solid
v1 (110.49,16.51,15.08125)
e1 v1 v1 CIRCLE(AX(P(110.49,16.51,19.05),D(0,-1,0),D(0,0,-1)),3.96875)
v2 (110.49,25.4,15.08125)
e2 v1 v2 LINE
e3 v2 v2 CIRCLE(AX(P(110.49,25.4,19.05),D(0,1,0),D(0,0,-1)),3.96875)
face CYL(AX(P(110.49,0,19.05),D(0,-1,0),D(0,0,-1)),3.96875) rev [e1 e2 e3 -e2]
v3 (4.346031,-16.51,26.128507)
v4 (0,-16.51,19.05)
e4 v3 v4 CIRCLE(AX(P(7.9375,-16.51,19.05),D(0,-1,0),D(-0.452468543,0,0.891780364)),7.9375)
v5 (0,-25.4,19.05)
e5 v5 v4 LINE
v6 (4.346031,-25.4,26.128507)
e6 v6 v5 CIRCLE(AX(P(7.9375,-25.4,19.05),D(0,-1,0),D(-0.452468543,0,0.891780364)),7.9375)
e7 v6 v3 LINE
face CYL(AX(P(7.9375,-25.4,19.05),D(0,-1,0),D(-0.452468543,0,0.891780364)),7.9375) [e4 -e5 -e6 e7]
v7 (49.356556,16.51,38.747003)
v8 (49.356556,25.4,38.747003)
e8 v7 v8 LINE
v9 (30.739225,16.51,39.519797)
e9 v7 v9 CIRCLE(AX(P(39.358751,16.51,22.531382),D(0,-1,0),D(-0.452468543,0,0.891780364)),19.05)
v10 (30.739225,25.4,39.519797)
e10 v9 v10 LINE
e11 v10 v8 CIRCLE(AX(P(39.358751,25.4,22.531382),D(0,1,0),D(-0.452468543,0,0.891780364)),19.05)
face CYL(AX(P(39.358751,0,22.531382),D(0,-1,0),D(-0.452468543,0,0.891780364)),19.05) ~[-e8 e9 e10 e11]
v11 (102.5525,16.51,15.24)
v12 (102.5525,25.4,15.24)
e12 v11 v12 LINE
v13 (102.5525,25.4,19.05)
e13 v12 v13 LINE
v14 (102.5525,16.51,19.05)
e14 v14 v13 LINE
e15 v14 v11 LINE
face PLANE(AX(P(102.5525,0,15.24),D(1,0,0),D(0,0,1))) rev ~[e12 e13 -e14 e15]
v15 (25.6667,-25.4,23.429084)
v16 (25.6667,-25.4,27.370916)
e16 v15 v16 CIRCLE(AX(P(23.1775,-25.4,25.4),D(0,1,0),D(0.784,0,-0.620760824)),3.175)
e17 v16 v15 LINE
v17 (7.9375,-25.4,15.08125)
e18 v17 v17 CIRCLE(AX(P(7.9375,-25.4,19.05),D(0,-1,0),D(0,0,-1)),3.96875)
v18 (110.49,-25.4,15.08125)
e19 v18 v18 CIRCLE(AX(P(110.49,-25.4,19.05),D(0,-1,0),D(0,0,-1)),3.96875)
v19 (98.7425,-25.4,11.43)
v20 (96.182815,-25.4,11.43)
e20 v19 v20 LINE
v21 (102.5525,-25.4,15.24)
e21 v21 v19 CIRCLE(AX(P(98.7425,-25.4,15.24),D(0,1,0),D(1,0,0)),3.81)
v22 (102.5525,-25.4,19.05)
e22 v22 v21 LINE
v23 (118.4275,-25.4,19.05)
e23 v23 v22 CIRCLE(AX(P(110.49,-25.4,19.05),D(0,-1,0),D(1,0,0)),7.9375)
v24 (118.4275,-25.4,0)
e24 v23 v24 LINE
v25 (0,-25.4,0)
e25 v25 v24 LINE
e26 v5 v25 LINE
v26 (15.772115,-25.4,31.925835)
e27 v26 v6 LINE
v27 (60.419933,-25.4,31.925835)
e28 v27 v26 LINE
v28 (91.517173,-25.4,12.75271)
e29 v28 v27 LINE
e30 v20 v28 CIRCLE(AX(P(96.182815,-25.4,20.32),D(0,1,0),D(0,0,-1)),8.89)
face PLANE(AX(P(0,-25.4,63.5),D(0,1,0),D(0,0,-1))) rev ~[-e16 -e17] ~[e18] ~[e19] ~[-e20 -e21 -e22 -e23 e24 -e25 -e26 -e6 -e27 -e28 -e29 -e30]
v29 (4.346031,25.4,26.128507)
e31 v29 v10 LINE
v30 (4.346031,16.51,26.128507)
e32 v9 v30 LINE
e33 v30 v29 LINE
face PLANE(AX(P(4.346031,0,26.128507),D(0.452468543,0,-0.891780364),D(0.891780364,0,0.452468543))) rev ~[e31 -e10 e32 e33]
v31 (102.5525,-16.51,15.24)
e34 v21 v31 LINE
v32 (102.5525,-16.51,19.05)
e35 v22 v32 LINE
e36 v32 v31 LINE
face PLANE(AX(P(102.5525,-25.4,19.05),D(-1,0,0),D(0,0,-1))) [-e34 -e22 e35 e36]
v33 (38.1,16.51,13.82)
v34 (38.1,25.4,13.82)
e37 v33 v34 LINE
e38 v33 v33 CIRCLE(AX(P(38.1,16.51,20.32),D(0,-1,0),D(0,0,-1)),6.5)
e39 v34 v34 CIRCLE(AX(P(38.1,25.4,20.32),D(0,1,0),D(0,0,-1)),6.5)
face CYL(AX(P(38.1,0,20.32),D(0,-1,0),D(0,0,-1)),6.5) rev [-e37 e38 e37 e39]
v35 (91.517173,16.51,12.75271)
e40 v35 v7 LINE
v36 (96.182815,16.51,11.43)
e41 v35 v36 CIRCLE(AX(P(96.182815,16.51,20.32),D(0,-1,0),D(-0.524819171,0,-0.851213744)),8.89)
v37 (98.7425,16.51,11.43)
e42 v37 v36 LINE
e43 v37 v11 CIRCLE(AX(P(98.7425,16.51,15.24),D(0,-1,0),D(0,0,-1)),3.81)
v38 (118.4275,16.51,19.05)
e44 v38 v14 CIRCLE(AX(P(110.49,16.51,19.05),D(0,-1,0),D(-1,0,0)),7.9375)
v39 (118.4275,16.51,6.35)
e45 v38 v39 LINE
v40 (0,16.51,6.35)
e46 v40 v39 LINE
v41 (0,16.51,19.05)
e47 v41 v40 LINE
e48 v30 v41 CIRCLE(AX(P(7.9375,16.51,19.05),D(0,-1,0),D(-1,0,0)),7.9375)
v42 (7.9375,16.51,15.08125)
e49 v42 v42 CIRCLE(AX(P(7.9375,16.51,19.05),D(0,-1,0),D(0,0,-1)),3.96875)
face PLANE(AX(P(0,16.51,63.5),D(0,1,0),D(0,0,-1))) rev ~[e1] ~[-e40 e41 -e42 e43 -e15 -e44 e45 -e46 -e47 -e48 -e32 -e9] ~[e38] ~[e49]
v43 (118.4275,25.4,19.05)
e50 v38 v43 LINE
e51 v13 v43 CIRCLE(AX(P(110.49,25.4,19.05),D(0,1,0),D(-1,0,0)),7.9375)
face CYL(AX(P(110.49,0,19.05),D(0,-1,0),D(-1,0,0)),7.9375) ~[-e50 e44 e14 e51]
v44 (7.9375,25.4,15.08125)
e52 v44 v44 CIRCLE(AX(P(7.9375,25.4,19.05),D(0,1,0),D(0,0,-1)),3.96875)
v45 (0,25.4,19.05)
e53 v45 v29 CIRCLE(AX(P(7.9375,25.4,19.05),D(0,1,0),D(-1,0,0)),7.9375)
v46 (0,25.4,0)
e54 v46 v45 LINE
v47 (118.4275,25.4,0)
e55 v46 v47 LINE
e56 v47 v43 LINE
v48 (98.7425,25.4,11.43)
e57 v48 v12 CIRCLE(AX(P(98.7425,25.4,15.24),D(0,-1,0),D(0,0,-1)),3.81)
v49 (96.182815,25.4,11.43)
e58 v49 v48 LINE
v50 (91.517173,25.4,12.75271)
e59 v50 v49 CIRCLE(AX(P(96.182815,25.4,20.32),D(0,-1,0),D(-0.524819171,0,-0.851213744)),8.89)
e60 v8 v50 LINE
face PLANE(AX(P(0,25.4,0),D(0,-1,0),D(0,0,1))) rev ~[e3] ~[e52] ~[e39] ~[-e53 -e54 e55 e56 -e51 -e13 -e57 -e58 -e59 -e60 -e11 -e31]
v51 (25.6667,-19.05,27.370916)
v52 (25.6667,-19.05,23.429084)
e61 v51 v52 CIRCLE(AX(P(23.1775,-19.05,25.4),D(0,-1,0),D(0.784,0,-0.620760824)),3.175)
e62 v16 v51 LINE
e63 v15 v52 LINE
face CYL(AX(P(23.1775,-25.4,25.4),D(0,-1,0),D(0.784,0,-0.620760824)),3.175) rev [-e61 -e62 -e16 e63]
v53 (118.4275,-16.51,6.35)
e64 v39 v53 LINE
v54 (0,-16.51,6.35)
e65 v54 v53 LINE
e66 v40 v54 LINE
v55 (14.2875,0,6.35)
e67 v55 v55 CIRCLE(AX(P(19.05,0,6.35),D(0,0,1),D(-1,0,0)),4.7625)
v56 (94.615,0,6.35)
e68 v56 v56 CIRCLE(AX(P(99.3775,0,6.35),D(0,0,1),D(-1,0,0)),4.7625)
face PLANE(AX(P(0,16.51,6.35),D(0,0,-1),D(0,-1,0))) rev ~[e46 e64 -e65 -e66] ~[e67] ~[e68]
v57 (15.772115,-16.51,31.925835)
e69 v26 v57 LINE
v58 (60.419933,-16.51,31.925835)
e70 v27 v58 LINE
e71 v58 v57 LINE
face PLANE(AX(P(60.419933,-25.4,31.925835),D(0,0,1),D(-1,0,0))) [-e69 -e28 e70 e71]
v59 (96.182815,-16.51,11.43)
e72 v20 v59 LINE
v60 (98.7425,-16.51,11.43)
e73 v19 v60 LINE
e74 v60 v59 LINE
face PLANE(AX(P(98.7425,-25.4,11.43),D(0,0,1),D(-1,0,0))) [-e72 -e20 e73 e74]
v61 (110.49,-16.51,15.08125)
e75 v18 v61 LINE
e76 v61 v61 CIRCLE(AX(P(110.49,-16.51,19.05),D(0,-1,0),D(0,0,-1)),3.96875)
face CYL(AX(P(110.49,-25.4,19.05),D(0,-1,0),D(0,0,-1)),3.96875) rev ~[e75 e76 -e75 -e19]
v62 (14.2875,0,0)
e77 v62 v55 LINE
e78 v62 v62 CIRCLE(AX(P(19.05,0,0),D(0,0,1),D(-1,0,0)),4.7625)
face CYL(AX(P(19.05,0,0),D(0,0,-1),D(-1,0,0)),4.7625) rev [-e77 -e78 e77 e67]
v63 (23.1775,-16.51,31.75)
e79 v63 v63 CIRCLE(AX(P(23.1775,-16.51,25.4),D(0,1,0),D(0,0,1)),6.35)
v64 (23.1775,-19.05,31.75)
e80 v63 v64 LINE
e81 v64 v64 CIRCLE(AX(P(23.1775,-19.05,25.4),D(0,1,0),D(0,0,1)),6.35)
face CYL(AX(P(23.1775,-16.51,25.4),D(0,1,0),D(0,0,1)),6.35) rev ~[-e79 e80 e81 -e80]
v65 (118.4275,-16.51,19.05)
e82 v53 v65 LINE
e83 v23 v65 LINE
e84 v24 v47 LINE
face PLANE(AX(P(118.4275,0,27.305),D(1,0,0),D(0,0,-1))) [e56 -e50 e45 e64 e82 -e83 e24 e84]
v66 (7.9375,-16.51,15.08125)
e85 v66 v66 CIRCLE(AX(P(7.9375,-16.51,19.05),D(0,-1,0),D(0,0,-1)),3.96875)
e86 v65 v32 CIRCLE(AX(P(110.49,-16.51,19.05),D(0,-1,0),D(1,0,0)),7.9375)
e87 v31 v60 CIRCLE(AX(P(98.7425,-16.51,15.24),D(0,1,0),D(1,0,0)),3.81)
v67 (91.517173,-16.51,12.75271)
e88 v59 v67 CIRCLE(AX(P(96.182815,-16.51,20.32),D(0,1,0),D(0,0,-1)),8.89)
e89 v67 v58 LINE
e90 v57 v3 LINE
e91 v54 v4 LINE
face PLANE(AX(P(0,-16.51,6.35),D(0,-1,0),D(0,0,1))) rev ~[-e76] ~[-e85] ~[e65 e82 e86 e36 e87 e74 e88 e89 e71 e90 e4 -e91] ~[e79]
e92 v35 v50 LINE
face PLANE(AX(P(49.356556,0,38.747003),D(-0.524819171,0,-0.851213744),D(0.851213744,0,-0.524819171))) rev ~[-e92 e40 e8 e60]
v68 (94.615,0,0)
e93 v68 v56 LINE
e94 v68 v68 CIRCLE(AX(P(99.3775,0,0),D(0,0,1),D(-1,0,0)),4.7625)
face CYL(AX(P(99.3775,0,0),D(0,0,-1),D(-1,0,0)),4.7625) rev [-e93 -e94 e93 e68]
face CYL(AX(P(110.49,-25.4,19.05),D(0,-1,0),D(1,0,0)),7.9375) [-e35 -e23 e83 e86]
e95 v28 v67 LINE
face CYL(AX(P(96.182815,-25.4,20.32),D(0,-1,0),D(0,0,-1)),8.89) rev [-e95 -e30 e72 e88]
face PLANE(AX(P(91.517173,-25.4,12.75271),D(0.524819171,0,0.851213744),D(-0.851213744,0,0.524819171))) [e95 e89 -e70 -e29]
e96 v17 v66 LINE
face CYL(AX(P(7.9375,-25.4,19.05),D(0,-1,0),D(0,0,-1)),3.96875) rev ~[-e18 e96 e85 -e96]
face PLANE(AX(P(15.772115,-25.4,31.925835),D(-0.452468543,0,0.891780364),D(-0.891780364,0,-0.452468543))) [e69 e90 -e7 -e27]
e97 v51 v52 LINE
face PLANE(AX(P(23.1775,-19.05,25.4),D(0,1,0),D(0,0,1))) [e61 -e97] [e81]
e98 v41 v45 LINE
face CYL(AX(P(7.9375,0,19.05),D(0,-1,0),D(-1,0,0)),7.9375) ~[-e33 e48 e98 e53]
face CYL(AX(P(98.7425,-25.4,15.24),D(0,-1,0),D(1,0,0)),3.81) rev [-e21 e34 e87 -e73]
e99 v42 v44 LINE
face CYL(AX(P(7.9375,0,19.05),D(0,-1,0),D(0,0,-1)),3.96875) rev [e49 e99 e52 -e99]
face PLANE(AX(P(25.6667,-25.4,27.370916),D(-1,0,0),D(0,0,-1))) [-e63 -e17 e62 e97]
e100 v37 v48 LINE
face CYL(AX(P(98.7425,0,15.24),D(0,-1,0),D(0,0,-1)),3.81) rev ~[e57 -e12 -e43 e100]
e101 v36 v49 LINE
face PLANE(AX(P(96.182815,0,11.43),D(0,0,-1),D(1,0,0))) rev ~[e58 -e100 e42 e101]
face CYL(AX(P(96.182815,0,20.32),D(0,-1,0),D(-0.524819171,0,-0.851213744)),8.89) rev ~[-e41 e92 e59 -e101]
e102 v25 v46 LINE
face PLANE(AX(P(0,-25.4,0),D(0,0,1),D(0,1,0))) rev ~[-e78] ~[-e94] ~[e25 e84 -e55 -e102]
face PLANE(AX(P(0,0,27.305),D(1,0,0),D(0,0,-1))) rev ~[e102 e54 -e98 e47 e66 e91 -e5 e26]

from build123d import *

# Parameters (mm, degrees)
BOSS_EXTRUDE1_DEPTH = 118.4275
SKETCH3_R           = 3.96875
SKETCH3_R_2         = 6.5
CUT_EXTRUDE1_DEPTH  = 25.4
SKETCH6_R           = 3.96875
CUT_EXTRUDE3_DEPTH  = 8.89
SKETCH4_R           = 4.7625
CUT_EXTRUDE2_DEPTH  = 6.35
SKETCH7_R           = 6.35
CUT_EXTRUDE4_DEPTH  = 2.54


with BuildPart() as part:
    # Sketch2 → Boss-Extrude1 (new body)
    with BuildSketch(Plane(origin=(0, 0, 0), x_dir=(0, 0, -1), z_dir=(1, 0, 0))):
        Polygon((0, -25.4), (0, 25.4), (-63.5, 25.4), (-63.5, 16.51), (-6.35, 16.51), (-6.35, -16.51), (-63.5, -16.51), (-63.5, -25.4), align=None)
    extrude(amount=BOSS_EXTRUDE1_DEPTH)

    # Sketch3 → Cut-Extrude1 (cut)
    with BuildSketch(Plane(origin=(0, 0, 0), x_dir=(1, 0, 0), z_dir=(0, 1, 0))):
        with Locations(Location((7.9375, -19.05, 0), (0, 0, 90))):
            Circle(SKETCH3_R)
        with Locations(Location((110.49, -19.05, 0), (0, 0, 90))):
            Circle(SKETCH3_R)
        with Locations(Location((38.1, -20.32, 0), (0, 0, 90))):
            Circle(SKETCH3_R_2)
        with BuildLine():
            Line((0, -63.5), (0, -19.05))
            ThreePointArc((0, -19.05), (1.173211717, -23.203108508), (4.346030936, -26.128506637))
            Line((4.346030936, -26.128506637), (30.73922523, -39.519797436))
            ThreePointArc((30.73922523, -39.519797436), (40.148824549, -41.564990827), (49.356556182, -38.747003333))
            Line((49.356556182, -38.747003333), (91.51717293, -12.752709815))
            ThreePointArc((91.51717293, -12.752709815), (93.758058641, -11.767067469), (96.182815356, -11.43))
            Line((96.182815356, -11.43), (98.7425, -11.43))
            ThreePointArc((98.7425, -11.43), (101.436576836, -12.545923164), (102.5525, -15.24))
            Line((102.5525, -15.24), (102.5525, -19.05))
            ThreePointArc((102.5525, -19.05), (110.49, -26.9875), (118.4275, -19.05))
            Line((118.4275, -19.05), (118.4275, -63.5))
            Line((118.4275, -63.5), (0, -63.5))
        make_face()
    extrude(amount=CUT_EXTRUDE1_DEPTH, mode=Mode.SUBTRACT)

    # Sketch6 → Cut-Extrude3 (cut)
    with BuildSketch(Plane.XZ.offset(25.4)):
        with Locations(Location((110.49, 19.05, 0), (0, 0, 270))):
            Circle(SKETCH6_R)
        with Locations(Location((7.9375, 19.05, 0), (0, 0, 270))):
            Circle(SKETCH6_R)
        with BuildLine():
            Line((0, 19.05), (0, 63.5))
            Line((0, 63.5), (118.4275, 63.5))
            Line((118.4275, 63.5), (118.4275, 19.05))
            ThreePointArc((118.4275, 19.05), (110.49, 26.9875), (102.5525, 19.05))
            Line((102.5525, 19.05), (102.5525, 15.24))
            ThreePointArc((102.5525, 15.24), (101.436576836, 12.545923164), (98.7425, 11.43))
            Line((98.7425, 11.43), (96.182815356, 11.43))
            ThreePointArc((96.182815356, 11.43), (93.758058641, 11.767067469), (91.51717293, 12.752709815))
            Line((91.51717293, 12.752709815), (60.419932998, 31.92583499))
            Line((60.419932998, 31.92583499), (15.772114941, 31.92583499))
            Line((15.772114941, 31.92583499), (4.346030936, 26.128506637))
            ThreePointArc((4.346030936, 26.128506637), (1.173211717, 23.203108508), (0, 19.05))
        make_face()
        with BuildLine():
            Line((25.6667, 27.370915615), (25.6667, 23.429084385))
            ThreePointArc((25.6667, 23.429084385), (20.0025, 25.4), (25.6667, 27.370915615))
        make_face()
    extrude(amount=-CUT_EXTRUDE3_DEPTH, mode=Mode.SUBTRACT)

    # Sketch4 → Cut-Extrude2 (cut)
    with BuildSketch(Plane.XY):
        with Locations(Location((19.05, 0, 0), (0, 0, 180))):
            Circle(SKETCH4_R)
        with Locations(Location((99.3775, 0, 0), (0, 0, 180))):
            Circle(SKETCH4_R)
    extrude(amount=CUT_EXTRUDE2_DEPTH, mode=Mode.SUBTRACT)

    # Sketch7 → Cut-Extrude4 (cut)
    with BuildSketch(Plane(origin=(0, -16.51, 0), x_dir=(1, 0, 0), z_dir=(0, 1, 0))):
        with Locations(Location((23.1775, -25.4, 0), (0, 0, 270))):
            Circle(SKETCH7_R)
    extrude(amount=-CUT_EXTRUDE4_DEPTH, mode=Mode.SUBTRACT)


solid = part.part
